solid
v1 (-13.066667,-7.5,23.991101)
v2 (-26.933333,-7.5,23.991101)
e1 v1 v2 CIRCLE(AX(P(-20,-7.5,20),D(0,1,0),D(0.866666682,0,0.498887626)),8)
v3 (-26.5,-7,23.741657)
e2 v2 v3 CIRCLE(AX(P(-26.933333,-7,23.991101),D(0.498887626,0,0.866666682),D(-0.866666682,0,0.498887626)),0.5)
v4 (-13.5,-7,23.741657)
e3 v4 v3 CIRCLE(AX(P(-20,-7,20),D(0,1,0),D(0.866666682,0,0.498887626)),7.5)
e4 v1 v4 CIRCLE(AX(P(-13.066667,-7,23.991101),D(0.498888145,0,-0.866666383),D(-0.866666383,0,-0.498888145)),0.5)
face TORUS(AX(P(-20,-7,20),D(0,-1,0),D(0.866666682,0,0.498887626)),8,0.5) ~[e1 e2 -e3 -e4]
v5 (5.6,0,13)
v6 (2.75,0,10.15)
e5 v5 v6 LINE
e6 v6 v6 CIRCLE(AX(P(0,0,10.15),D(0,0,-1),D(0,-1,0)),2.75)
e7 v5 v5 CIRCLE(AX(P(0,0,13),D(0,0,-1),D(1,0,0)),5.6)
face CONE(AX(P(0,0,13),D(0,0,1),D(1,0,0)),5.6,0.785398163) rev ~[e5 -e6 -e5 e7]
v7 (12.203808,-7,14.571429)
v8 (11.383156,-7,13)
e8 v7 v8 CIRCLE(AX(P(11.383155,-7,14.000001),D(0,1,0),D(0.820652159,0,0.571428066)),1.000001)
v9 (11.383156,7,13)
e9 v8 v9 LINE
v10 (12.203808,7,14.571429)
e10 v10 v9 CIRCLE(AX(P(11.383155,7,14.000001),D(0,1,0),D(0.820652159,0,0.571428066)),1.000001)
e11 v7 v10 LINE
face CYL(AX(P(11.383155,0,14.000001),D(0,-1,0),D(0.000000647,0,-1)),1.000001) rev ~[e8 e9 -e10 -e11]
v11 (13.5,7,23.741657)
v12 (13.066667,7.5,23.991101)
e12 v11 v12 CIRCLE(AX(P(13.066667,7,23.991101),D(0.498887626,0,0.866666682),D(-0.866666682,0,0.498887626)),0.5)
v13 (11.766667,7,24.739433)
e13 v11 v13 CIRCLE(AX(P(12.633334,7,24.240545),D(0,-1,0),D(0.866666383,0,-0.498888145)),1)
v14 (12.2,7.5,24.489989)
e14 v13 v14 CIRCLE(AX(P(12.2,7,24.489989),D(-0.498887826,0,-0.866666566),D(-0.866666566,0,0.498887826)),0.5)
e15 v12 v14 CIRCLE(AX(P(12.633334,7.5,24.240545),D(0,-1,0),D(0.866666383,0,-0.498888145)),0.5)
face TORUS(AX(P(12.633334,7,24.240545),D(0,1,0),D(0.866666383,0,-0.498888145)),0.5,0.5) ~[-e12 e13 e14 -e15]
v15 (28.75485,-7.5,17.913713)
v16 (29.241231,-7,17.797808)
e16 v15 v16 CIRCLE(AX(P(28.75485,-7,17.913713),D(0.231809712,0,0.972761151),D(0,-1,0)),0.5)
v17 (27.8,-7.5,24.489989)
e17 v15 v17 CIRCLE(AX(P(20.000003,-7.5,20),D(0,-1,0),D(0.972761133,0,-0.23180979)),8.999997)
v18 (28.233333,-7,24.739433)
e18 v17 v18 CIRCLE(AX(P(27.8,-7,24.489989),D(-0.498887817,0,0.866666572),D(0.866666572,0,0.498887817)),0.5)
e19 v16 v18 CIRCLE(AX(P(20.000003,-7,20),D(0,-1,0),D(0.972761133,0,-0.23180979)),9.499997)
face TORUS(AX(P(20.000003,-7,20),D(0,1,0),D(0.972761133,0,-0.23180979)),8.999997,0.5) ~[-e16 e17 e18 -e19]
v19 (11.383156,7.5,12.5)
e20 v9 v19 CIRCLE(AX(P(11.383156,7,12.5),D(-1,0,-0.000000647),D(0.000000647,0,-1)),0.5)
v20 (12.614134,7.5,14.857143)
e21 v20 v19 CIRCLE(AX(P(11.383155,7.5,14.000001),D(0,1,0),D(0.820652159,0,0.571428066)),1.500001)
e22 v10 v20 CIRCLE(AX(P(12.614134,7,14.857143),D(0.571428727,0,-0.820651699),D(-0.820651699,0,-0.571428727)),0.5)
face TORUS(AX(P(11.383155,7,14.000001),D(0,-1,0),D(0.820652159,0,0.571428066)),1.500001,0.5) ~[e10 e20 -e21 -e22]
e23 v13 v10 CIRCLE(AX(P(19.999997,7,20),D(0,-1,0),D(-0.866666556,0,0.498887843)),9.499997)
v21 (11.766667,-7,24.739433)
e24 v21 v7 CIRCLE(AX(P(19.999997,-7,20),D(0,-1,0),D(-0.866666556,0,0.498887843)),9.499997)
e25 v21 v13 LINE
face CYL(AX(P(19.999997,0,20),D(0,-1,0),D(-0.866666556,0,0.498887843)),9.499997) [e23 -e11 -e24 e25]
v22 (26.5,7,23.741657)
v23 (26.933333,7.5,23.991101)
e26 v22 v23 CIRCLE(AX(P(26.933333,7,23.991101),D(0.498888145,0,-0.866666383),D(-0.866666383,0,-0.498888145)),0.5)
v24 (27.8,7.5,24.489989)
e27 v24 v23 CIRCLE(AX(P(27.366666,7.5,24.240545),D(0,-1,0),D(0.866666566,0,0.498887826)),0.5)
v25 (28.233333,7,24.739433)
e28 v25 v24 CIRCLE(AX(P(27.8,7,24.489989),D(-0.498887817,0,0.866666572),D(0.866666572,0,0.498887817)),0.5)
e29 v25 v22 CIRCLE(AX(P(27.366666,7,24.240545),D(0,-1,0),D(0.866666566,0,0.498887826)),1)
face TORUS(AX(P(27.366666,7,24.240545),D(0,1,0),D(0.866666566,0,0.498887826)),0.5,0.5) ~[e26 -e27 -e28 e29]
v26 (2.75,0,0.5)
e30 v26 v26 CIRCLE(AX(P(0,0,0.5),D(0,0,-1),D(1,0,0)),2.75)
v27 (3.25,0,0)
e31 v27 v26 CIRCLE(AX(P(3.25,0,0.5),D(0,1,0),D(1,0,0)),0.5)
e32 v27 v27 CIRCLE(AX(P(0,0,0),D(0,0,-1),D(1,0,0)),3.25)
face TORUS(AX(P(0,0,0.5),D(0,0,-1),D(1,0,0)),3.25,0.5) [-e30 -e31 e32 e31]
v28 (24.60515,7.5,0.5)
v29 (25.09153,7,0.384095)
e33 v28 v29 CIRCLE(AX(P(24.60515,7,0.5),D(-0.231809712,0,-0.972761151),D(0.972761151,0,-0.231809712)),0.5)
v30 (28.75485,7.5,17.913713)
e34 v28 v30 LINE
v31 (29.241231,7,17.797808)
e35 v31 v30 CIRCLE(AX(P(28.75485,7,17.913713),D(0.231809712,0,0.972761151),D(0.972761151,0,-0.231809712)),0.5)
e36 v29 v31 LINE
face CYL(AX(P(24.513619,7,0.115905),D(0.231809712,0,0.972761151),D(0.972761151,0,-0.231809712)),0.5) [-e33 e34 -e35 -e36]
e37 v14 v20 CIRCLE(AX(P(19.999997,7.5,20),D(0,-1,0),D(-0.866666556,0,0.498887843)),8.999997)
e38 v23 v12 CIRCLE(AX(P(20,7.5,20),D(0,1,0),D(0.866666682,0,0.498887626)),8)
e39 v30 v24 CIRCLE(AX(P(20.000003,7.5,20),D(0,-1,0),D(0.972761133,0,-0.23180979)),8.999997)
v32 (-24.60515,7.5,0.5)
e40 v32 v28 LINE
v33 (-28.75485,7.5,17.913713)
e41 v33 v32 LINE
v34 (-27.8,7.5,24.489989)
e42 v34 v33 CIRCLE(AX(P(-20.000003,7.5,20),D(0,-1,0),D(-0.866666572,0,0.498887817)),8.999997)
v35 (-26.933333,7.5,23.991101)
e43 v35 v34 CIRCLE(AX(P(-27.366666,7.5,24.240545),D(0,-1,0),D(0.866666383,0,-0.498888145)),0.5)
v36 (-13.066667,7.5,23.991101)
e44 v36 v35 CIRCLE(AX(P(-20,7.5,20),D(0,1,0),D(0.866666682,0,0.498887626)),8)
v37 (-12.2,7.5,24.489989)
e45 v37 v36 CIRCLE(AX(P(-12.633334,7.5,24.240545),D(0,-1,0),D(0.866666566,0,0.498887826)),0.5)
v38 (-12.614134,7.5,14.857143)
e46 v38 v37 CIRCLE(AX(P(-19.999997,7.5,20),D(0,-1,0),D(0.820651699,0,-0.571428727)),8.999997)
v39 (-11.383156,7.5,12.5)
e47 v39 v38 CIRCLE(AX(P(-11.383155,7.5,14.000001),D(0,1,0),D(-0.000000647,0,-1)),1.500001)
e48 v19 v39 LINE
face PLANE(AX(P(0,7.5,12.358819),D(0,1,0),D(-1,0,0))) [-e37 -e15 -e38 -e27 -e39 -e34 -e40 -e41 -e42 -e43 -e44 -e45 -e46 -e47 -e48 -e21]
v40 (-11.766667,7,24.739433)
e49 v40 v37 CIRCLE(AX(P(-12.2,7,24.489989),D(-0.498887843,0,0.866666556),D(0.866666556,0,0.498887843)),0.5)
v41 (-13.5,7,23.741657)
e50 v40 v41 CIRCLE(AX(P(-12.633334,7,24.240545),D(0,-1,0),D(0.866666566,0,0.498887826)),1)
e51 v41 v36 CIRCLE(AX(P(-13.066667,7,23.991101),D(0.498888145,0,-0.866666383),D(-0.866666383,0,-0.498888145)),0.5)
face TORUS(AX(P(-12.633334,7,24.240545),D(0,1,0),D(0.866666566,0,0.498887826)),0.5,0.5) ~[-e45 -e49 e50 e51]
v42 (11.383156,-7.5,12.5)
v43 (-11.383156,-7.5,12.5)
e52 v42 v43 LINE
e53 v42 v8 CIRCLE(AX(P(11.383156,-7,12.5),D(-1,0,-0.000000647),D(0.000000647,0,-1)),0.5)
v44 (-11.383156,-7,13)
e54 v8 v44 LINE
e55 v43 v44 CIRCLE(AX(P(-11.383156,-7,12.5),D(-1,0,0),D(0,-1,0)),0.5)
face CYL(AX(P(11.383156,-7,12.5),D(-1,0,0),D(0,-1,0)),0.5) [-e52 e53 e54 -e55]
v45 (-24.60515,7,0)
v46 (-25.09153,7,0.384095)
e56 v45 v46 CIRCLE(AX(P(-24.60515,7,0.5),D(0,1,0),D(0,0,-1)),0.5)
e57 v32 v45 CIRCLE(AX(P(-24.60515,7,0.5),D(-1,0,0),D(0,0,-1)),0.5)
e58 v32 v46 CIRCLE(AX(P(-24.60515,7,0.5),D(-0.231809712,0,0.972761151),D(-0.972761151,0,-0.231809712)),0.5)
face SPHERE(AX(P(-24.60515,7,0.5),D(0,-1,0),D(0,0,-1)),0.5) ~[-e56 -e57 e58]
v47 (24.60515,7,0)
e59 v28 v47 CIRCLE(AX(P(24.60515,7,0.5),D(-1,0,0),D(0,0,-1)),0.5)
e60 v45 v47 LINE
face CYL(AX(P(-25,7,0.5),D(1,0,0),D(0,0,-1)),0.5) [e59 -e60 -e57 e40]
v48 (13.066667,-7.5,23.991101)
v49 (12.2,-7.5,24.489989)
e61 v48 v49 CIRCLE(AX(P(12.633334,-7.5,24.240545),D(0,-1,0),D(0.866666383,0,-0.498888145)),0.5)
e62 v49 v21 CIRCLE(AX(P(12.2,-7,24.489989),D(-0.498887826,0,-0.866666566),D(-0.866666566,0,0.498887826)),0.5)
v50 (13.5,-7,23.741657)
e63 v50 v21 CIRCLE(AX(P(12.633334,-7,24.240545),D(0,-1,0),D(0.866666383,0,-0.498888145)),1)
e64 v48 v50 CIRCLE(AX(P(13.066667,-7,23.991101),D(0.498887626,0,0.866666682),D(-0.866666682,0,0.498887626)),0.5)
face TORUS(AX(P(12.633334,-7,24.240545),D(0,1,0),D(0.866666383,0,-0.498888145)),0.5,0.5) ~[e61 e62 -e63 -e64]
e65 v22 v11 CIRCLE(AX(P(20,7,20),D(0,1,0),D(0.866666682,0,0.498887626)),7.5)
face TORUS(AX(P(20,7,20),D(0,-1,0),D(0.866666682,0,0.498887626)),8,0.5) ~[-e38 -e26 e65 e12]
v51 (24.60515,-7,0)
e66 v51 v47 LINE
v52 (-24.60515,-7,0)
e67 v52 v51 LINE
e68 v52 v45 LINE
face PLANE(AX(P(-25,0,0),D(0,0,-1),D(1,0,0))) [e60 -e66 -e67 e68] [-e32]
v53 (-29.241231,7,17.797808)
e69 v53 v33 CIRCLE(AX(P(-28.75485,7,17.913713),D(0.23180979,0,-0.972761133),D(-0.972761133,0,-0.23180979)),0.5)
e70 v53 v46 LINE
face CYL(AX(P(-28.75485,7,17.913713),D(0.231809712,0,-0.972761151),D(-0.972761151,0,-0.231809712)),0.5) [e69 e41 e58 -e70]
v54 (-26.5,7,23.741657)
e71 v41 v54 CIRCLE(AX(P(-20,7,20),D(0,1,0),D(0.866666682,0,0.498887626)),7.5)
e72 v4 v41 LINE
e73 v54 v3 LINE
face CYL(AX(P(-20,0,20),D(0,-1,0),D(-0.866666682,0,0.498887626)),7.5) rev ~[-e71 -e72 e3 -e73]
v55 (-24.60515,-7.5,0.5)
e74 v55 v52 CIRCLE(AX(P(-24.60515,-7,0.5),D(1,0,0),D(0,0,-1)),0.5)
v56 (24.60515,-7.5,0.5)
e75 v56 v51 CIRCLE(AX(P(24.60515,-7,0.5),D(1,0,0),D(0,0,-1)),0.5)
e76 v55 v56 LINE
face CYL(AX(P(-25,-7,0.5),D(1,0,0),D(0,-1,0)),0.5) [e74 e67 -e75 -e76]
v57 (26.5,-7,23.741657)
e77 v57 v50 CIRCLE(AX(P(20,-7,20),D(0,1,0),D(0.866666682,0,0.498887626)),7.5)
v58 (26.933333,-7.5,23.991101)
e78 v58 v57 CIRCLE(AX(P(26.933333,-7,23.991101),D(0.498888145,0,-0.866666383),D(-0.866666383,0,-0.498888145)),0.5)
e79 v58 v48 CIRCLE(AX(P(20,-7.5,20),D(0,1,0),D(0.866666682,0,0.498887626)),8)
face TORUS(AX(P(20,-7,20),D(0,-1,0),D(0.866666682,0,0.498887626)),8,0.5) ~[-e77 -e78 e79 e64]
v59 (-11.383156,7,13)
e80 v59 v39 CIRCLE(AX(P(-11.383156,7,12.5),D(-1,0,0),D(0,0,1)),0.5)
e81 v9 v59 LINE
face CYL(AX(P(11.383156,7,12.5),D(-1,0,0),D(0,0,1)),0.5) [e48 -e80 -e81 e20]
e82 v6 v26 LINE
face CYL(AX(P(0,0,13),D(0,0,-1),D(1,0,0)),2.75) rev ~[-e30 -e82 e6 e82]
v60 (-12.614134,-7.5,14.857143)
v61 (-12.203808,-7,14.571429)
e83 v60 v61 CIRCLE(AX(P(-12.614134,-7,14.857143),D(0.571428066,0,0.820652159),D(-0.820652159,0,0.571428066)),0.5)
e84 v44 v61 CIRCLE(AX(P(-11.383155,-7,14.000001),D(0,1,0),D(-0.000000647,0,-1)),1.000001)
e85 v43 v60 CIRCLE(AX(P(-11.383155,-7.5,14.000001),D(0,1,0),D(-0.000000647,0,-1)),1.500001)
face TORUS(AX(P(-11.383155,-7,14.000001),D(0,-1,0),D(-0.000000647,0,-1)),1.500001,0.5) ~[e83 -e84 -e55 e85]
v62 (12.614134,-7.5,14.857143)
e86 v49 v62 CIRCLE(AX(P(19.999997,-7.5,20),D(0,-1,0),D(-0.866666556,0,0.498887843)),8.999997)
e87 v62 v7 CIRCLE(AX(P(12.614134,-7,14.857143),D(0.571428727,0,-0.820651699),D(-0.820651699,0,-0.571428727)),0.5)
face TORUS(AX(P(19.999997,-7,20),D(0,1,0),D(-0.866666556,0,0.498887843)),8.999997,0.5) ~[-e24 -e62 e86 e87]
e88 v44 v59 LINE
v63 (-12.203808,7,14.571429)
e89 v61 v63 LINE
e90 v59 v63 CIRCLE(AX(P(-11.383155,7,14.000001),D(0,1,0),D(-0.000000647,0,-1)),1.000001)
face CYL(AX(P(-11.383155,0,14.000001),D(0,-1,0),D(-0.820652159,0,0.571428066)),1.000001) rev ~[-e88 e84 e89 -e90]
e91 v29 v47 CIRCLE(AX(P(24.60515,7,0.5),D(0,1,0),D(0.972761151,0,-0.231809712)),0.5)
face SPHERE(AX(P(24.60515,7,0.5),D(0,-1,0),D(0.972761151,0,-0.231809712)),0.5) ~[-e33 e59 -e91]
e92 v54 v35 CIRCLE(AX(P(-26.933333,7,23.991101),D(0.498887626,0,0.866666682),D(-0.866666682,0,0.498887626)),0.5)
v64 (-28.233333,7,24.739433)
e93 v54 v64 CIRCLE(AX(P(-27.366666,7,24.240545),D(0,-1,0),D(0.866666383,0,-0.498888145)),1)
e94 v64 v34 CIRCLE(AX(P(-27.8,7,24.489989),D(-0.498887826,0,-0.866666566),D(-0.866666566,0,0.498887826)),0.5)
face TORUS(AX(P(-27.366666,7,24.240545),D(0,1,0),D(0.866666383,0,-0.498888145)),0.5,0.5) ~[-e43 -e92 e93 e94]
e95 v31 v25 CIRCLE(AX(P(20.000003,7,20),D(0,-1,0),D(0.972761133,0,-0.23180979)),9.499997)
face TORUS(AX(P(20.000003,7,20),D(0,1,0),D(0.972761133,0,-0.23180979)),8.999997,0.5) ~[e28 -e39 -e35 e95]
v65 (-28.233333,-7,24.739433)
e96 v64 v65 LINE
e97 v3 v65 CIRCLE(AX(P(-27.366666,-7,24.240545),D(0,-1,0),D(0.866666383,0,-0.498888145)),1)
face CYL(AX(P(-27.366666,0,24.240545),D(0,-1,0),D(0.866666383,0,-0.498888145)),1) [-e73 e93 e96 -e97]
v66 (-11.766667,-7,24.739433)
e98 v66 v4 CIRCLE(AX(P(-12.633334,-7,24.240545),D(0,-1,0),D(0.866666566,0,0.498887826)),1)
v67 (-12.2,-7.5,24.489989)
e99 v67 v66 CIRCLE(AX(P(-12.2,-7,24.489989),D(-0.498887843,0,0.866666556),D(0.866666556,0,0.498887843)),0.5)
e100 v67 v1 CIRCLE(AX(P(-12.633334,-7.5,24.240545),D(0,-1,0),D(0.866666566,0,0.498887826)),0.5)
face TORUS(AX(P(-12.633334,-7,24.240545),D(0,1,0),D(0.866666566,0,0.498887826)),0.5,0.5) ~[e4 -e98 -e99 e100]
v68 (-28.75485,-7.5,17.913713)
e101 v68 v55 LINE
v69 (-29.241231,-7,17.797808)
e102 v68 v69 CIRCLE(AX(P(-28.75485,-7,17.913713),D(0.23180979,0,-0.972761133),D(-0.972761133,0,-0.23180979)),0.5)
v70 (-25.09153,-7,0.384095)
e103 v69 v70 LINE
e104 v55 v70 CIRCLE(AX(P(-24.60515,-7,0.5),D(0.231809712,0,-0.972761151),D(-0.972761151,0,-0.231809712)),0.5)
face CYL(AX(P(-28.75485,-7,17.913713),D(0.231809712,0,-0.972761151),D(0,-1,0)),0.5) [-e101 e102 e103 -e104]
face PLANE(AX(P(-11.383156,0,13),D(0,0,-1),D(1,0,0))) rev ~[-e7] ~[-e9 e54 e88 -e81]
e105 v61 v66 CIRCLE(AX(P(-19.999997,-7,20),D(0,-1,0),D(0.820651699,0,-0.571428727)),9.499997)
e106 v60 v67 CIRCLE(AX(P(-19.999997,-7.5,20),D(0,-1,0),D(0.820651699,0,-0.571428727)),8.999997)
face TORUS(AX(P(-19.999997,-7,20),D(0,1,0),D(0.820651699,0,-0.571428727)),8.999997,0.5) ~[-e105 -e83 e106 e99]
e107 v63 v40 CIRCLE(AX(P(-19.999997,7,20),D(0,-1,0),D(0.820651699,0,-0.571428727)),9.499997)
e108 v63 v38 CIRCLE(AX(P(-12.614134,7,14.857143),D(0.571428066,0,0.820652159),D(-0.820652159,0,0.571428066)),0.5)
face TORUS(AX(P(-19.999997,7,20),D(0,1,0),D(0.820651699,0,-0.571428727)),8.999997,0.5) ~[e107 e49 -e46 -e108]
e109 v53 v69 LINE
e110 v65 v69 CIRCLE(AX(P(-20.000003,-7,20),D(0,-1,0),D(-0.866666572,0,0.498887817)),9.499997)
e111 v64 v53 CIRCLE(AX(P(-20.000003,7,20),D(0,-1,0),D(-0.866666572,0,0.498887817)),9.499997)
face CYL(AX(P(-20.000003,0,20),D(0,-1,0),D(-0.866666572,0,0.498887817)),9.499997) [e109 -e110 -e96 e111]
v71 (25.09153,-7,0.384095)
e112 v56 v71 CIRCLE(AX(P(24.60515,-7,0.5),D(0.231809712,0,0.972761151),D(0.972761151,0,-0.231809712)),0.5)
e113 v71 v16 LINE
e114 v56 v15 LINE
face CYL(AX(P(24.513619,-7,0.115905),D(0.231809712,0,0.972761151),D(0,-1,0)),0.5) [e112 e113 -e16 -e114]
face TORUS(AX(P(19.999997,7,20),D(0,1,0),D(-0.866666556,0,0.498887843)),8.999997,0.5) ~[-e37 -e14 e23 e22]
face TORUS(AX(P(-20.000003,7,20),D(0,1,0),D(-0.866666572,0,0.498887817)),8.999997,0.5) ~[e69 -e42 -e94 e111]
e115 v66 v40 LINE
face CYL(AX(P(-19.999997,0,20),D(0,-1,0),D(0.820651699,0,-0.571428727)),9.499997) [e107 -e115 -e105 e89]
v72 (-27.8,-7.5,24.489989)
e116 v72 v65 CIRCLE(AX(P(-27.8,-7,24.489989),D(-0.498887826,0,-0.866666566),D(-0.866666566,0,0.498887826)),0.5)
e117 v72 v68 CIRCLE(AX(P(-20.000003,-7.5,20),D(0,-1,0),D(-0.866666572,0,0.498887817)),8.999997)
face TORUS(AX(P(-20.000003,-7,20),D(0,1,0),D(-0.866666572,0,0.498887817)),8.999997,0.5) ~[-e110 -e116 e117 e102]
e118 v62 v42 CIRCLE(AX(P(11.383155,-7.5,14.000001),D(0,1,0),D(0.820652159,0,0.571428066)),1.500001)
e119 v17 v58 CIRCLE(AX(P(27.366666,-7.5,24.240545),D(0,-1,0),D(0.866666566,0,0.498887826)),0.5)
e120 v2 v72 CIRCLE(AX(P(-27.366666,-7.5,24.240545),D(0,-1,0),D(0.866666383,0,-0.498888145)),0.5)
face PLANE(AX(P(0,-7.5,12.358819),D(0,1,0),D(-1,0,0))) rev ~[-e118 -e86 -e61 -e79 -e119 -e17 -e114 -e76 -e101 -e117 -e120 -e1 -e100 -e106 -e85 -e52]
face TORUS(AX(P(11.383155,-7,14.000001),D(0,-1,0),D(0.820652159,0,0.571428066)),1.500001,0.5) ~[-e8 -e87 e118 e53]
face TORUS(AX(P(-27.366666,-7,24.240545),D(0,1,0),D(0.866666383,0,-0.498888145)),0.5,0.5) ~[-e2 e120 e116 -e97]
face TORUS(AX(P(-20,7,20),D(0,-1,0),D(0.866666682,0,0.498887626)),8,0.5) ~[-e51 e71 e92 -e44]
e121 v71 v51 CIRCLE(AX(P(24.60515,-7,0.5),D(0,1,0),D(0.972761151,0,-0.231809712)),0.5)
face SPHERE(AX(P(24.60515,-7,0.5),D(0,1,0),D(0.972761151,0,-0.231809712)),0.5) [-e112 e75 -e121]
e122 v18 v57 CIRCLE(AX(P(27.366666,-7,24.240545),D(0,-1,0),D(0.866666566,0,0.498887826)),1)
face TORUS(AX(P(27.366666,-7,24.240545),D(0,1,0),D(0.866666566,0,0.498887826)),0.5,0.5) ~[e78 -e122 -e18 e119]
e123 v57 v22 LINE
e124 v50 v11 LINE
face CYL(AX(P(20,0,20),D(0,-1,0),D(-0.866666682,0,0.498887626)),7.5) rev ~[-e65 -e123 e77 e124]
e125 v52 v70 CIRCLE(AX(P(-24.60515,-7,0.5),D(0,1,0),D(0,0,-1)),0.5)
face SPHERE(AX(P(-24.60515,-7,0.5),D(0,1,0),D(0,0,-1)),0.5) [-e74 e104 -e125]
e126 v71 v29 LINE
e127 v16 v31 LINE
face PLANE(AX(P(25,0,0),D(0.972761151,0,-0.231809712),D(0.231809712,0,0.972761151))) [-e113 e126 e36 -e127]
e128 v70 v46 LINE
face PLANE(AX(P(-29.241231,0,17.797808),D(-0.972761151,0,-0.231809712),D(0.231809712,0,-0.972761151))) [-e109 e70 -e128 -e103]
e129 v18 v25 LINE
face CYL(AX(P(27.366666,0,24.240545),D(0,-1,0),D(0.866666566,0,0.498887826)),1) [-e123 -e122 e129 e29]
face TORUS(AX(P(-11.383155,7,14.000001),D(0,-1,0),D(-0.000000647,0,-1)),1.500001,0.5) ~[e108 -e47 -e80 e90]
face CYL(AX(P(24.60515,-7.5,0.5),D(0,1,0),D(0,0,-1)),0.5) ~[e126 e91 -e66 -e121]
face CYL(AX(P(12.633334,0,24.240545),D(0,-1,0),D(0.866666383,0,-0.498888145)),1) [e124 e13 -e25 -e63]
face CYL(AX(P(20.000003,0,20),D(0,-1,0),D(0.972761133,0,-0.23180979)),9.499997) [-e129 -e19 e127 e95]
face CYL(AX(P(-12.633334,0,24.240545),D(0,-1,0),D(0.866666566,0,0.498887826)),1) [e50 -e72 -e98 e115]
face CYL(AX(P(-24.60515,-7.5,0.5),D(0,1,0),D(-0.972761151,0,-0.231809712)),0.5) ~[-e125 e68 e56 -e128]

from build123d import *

# Parameters (mm, degrees)
PAD_DEPTH        = 7.5
HOLE_D           = 5.5
HOLE_CSINK_D     = 11.2
HOLE_CSINK_ANGLE = 90
FILLET001_R      = 0.5


with BuildPart() as part:
    # Sketch → Pad (new body, symmetric)
    with BuildSketch(Plane.XZ):
        with BuildLine():
            ThreePointArc((-26.5, 23.741657), (-20, 12.5), (-13.5, 23.741657))
            ThreePointArc((-11.766667, 24.739433), (-13.132221, 25.107212), (-13.5, 23.741657))
            ThreePointArc((-12.203808, 14.571429), (-10.508767, 19.591954), (-11.766667, 24.739433))
            ThreePointArc((-12.203808, 14.571429), (-12.269561, 13.53709), (-11.383156, 13))
            Line((-11.383156, 13), (11.383156, 13))
            ThreePointArc((11.383156, 13), (12.269561, 13.53709), (12.203808, 14.571429))
            ThreePointArc((11.766667, 24.739433), (10.508767, 19.591954), (12.203808, 14.571429))
            ThreePointArc((13.5, 23.741657), (13.132221, 25.107212), (11.766667, 24.739433))
            ThreePointArc((13.5, 23.741657), (20, 12.5), (26.5, 23.741657))
            ThreePointArc((28.233333, 24.739433), (26.867779, 25.107212), (26.5, 23.741657))
            ThreePointArc((29.241231, 17.797808), (29.401417, 21.36505), (28.233333, 24.739433))
            Line((25, 0), (29.241231, 17.797808))
            Line((-25, 0), (25, 0))
            Line((-29.241231, 17.797808), (-25, 0))
            ThreePointArc((-28.233333, 24.739433), (-29.401417, 21.36505), (-29.241231, 17.797808))
            ThreePointArc((-26.5, 23.741657), (-26.867779, 25.107212), (-28.233333, 24.739433))
        make_face()
    extrude(amount=PAD_DEPTH, both=True)

    # Hole (through all)
    with Locations(Plane(origin=(0, 0, 13), x_dir=(-1, 0, 0), z_dir=(0, 0, 1))):
        with Locations((0, 0)):
            CounterSinkHole(HOLE_D / 2, HOLE_CSINK_D / 2, counter_sink_angle=HOLE_CSINK_ANGLE)

    # Fillet001
    fillet001_edges = [part.edges().sort_by_distance(p)[0] for p in [
        (-25, 0, 0),
        (0, 7.5, 0),
        (0, -7.5, 0),
        (25, 0, 0),
        (-2.75, 0, 0),
        (27.120615, 7.5, 8.898904),
        (27.120615, -7.5, 8.898904),
    ]]
    fillet(fillet001_edges, radius=FILLET001_R)


solid = part.part
